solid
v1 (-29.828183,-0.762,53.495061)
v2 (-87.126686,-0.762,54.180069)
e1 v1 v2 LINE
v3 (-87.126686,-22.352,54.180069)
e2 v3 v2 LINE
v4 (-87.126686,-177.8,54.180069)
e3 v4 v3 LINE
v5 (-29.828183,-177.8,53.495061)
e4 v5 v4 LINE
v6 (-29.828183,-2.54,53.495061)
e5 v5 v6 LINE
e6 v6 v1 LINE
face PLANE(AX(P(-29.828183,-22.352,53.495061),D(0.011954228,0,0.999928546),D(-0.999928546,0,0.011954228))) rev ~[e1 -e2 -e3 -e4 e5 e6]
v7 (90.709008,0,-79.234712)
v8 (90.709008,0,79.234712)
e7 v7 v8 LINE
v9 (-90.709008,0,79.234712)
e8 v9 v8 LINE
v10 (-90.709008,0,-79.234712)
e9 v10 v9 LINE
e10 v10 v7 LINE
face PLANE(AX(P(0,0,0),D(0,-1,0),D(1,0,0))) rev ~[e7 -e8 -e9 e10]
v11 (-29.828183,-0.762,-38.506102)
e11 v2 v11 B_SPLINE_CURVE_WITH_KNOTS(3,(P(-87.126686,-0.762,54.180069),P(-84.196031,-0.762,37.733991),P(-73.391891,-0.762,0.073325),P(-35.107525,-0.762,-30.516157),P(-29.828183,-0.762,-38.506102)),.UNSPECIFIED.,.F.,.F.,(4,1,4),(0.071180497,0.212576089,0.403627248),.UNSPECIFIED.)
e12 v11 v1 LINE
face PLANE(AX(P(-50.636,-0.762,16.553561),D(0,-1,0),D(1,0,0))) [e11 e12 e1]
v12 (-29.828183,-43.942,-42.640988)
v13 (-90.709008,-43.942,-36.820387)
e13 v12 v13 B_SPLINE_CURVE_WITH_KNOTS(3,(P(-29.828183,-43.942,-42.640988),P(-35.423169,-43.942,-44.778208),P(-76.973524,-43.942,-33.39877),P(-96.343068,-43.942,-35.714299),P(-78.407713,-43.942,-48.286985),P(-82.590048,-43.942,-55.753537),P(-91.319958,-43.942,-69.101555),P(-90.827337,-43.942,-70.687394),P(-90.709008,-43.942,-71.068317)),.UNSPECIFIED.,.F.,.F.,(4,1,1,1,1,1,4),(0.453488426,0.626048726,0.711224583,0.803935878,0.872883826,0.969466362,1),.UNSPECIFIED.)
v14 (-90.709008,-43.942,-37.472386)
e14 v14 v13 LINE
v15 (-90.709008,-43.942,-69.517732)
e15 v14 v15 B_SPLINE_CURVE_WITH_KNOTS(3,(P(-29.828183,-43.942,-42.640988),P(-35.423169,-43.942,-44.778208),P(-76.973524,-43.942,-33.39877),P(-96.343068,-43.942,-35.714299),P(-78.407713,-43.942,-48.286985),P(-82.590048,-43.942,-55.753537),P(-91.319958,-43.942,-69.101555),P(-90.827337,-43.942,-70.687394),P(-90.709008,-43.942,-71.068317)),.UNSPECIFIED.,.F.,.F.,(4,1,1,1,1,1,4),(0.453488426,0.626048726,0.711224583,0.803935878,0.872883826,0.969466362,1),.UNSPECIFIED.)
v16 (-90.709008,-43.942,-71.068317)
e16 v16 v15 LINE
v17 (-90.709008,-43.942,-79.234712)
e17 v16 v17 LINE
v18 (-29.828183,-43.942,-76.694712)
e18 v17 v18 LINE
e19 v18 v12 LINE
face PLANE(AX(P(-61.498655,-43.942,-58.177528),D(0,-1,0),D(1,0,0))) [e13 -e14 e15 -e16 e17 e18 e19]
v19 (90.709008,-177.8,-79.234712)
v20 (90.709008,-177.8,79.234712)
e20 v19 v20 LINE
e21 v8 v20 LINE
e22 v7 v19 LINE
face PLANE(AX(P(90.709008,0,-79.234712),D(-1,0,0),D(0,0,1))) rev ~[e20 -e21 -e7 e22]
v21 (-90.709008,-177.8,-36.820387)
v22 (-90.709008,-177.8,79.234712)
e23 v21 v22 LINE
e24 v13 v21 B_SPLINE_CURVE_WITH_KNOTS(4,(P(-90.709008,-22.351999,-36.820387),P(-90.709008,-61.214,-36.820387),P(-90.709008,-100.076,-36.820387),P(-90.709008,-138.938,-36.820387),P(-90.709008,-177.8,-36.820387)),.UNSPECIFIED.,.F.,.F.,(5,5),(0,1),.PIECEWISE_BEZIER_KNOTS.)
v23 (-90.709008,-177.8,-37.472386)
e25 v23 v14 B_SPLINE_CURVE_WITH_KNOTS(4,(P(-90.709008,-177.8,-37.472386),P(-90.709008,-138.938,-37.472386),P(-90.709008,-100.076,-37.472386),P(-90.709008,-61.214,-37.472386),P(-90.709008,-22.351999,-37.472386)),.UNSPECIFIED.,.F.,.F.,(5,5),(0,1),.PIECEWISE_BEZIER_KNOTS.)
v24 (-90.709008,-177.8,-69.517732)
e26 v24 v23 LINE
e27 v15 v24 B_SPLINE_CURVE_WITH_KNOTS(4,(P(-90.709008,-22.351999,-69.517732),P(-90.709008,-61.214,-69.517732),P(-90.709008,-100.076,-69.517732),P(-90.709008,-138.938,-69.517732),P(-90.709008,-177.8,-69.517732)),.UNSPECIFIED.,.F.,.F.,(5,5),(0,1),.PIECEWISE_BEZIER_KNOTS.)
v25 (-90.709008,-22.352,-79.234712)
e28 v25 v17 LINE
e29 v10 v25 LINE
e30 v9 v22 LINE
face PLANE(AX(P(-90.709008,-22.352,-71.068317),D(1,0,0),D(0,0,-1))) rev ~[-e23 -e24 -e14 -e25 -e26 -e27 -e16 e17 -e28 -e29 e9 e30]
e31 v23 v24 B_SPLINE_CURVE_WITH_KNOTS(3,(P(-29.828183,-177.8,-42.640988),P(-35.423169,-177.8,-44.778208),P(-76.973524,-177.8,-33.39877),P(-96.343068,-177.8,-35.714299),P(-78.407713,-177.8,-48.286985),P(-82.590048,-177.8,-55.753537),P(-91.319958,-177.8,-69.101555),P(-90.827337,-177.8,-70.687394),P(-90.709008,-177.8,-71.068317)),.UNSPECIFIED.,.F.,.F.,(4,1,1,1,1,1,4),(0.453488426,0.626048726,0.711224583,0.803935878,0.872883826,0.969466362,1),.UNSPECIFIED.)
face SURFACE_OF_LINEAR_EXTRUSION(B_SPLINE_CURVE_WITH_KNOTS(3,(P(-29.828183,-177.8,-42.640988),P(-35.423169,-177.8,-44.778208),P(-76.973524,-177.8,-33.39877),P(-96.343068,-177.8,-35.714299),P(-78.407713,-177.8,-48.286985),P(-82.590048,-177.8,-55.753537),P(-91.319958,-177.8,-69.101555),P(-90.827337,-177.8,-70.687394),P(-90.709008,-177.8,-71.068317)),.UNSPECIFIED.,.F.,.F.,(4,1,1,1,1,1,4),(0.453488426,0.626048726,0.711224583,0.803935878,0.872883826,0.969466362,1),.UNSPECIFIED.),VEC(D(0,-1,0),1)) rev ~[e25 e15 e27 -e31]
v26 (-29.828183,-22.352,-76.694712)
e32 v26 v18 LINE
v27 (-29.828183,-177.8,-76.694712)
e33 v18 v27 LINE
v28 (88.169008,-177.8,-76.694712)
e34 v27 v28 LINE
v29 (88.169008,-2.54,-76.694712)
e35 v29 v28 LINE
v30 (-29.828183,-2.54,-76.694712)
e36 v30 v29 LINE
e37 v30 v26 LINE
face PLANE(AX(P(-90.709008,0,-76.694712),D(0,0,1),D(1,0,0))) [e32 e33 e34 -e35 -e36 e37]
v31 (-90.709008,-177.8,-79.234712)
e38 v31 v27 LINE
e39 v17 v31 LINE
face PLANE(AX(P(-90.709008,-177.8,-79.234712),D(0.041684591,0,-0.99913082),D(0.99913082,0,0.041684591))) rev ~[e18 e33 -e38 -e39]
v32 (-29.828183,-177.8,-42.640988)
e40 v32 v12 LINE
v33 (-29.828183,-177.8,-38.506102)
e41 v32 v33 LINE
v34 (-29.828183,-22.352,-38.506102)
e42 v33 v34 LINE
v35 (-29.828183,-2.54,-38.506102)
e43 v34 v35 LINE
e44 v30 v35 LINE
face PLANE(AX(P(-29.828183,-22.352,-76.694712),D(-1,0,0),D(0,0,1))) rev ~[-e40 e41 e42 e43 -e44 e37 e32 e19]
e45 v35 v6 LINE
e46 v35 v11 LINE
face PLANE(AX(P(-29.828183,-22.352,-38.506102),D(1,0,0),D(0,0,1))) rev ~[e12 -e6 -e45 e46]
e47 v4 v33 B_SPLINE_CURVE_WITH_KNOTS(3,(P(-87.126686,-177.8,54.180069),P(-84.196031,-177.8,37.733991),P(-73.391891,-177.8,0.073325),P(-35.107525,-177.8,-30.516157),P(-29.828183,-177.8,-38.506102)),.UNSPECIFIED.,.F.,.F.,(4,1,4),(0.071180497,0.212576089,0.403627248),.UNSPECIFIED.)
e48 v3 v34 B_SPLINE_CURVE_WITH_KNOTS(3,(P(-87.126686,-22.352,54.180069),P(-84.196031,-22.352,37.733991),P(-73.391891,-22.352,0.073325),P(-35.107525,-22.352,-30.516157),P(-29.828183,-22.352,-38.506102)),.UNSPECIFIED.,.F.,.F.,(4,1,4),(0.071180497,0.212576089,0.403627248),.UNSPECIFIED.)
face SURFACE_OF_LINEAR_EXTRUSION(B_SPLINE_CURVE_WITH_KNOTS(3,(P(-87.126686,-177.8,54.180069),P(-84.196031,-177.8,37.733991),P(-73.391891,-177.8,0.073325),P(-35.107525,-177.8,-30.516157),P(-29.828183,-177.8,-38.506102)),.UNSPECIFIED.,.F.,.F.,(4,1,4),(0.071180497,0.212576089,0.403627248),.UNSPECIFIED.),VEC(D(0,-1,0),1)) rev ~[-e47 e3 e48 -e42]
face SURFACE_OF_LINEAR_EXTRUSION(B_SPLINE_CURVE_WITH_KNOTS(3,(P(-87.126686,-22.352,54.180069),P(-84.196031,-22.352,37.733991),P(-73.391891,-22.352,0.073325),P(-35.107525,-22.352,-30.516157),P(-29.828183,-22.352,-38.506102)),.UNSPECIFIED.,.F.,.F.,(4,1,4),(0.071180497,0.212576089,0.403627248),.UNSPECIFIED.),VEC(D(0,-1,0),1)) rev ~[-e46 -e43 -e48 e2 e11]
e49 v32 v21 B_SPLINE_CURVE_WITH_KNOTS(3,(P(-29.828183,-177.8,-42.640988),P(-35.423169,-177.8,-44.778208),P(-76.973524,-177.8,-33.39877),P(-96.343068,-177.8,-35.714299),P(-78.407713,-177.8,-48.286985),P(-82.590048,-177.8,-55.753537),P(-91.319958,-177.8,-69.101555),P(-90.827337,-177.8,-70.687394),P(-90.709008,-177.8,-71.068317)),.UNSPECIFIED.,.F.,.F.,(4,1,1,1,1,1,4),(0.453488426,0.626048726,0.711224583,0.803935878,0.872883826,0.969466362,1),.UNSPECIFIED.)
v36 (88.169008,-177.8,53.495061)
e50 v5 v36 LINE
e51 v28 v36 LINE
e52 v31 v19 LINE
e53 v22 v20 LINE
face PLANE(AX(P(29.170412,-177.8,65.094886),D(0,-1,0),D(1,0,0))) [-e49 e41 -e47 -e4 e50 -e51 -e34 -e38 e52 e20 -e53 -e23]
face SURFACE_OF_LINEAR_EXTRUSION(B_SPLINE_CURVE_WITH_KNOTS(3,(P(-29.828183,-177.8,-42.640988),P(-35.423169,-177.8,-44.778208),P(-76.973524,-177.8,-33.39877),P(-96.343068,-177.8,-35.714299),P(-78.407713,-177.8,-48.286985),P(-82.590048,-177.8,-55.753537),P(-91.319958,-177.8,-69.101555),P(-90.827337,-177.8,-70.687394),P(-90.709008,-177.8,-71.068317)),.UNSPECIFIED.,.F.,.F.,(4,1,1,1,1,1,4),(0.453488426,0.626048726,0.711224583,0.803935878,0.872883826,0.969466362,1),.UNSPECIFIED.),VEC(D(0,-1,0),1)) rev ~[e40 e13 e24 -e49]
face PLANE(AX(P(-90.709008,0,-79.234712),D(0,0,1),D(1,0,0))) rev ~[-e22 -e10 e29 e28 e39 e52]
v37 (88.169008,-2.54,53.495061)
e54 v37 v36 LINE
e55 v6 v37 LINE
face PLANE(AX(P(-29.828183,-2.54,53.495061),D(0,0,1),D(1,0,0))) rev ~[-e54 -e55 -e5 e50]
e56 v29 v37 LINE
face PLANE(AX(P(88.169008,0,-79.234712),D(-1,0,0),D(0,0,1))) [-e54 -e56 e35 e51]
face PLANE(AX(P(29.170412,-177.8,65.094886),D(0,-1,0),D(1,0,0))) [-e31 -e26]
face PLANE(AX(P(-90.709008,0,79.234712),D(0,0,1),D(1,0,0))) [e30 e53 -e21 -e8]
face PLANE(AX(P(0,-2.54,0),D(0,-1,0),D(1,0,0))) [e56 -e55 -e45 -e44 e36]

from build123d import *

# Parameters (mm, degrees)
F0_W      = 181.4180165529
F0_H      = 158.4694236517
F1_DEPTH  = 177.8
F2_T      = -2.54
F3_W      = 58.3408249235
F3_H      = 153.3894236517
F4_DEPTH  = 175.26
F5_W      = 117.9971916294
F5_H      = 23.1996511734
F6_DEPTH  = 175.26
F8_DEPTH  = 155.448
F9_DEPTH  = 21.59
F10_DEPTH = 21.59


with BuildPart() as f1:
    # F0 (on Front) → F1 (new body)
    with BuildSketch(Plane.XZ):
        Rectangle(F0_W, F0_H)
    extrude(amount=F1_DEPTH)

    # F2
    f2_openings = [f1.faces().sort_by_distance(p)[0] for p in [
        (0, -177.8, 0),
    ]]
    offset(amount=F2_T, openings=f2_openings)

    # F3 (on face) → F4 (join)
    with BuildSketch(Plane.XZ.offset(2.54)):
        with Locations((-58.9985958147, 0)):
            Rectangle(F3_W, F3_H)
    extrude(amount=F4_DEPTH)

    # F5 (on face) → F6 (join)
    with BuildSketch(Plane.XZ.offset(2.54)):
        with Locations((29.1704124618, 65.0948862392)):
            Rectangle(F5_W, F5_H)
    extrude(amount=F6_DEPTH)

    # F7 (on face) → F8 (cut)
    with BuildSketch(Plane.XZ.offset(177.8)):
        with BuildLine():
            Line((-29.8281833529, 53.4950606525), (-87.1266858607, 54.1800689548))
            add(Edge.make_bspline(
                [(-87.1266858607, 54.1800689548), (-84.1960310539, 37.7339910826), (-73.3918905439, 0.0733245961), (-35.1075253937, -30.5161568282), (-29.8281833529, -38.5061018169)],
                knots=[0.0711804972, 0.0711804972, 0.0711804972, 0.0711804972, 0.2125760889, 0.4036272484, 0.4036272484, 0.4036272484, 0.4036272484], degree=3))
            Line((-29.8281833529, -38.5061018169), (-29.8281833529, 53.4950606525))
        make_face()
        with BuildLine():
            Line((-29.8281833529, -76.6947118258), (-29.8281833529, -42.6409877837))
            add(Edge.make_bspline(
                [(-29.8281833529, -42.6409877837), (-35.4231693122, -44.7782083287), (-76.9735240129, -33.3987697863), (-96.3430681195, -35.7142988828), (-78.4077125974, -48.2869849637), (-82.5900483234, -55.7535374326), (-91.3199582214, -69.1015545227), (-90.8273371486, -70.6873939206), (-90.7090082765, -71.0683166981)],
                knots=[0.4534884255, 0.4534884255, 0.4534884255, 0.4534884255, 0.6260487265, 0.7112245832, 0.8039358777, 0.872883826, 0.969466362, 1, 1, 1, 1], degree=3))
            Line((-90.7090082765, -71.0683166981), (-90.7090082765, -79.2347118258))
            Line((-90.7090082765, -79.2347118258), (-29.8281833529, -76.6947118258))
        make_face()
        with BuildLine():
            add(Edge.make_bspline(
                [(-29.8281833529, -38.5061018169), (-28.4503628307, -40.5913446544), (-28.2115161111, -42.0234394165), (-29.8281833529, -42.6409877837)],
                knots=[0.4036272484, 0.4036272484, 0.4036272484, 0.4036272484, 0.4534884255, 0.4534884255, 0.4534884255, 0.4534884255], degree=3))
            Line((-29.8281833529, -38.5061018169), (-29.8281833529, -42.6409877837))
        make_face()
    extrude(amount=-F8_DEPTH, mode=Mode.SUBTRACT)

    # F9 (cut): a face of the model
    f9_faces = [f1.faces().sort_by_distance(p)[0] for p in [
        (-52.0616522206, -22.352, 20.2283924947),
    ]]
    extrude(f9_faces, amount=-F9_DEPTH, mode=Mode.SUBTRACT)

    # F10 (add): a face of the model
    f10_faces = [f1.faces().sort_by_distance(p)[0] for p in [
        (-59.9035044094, -22.352, -58.7218342299),
    ]]
    extrude(f10_faces, amount=F10_DEPTH)


solid = f1.part
